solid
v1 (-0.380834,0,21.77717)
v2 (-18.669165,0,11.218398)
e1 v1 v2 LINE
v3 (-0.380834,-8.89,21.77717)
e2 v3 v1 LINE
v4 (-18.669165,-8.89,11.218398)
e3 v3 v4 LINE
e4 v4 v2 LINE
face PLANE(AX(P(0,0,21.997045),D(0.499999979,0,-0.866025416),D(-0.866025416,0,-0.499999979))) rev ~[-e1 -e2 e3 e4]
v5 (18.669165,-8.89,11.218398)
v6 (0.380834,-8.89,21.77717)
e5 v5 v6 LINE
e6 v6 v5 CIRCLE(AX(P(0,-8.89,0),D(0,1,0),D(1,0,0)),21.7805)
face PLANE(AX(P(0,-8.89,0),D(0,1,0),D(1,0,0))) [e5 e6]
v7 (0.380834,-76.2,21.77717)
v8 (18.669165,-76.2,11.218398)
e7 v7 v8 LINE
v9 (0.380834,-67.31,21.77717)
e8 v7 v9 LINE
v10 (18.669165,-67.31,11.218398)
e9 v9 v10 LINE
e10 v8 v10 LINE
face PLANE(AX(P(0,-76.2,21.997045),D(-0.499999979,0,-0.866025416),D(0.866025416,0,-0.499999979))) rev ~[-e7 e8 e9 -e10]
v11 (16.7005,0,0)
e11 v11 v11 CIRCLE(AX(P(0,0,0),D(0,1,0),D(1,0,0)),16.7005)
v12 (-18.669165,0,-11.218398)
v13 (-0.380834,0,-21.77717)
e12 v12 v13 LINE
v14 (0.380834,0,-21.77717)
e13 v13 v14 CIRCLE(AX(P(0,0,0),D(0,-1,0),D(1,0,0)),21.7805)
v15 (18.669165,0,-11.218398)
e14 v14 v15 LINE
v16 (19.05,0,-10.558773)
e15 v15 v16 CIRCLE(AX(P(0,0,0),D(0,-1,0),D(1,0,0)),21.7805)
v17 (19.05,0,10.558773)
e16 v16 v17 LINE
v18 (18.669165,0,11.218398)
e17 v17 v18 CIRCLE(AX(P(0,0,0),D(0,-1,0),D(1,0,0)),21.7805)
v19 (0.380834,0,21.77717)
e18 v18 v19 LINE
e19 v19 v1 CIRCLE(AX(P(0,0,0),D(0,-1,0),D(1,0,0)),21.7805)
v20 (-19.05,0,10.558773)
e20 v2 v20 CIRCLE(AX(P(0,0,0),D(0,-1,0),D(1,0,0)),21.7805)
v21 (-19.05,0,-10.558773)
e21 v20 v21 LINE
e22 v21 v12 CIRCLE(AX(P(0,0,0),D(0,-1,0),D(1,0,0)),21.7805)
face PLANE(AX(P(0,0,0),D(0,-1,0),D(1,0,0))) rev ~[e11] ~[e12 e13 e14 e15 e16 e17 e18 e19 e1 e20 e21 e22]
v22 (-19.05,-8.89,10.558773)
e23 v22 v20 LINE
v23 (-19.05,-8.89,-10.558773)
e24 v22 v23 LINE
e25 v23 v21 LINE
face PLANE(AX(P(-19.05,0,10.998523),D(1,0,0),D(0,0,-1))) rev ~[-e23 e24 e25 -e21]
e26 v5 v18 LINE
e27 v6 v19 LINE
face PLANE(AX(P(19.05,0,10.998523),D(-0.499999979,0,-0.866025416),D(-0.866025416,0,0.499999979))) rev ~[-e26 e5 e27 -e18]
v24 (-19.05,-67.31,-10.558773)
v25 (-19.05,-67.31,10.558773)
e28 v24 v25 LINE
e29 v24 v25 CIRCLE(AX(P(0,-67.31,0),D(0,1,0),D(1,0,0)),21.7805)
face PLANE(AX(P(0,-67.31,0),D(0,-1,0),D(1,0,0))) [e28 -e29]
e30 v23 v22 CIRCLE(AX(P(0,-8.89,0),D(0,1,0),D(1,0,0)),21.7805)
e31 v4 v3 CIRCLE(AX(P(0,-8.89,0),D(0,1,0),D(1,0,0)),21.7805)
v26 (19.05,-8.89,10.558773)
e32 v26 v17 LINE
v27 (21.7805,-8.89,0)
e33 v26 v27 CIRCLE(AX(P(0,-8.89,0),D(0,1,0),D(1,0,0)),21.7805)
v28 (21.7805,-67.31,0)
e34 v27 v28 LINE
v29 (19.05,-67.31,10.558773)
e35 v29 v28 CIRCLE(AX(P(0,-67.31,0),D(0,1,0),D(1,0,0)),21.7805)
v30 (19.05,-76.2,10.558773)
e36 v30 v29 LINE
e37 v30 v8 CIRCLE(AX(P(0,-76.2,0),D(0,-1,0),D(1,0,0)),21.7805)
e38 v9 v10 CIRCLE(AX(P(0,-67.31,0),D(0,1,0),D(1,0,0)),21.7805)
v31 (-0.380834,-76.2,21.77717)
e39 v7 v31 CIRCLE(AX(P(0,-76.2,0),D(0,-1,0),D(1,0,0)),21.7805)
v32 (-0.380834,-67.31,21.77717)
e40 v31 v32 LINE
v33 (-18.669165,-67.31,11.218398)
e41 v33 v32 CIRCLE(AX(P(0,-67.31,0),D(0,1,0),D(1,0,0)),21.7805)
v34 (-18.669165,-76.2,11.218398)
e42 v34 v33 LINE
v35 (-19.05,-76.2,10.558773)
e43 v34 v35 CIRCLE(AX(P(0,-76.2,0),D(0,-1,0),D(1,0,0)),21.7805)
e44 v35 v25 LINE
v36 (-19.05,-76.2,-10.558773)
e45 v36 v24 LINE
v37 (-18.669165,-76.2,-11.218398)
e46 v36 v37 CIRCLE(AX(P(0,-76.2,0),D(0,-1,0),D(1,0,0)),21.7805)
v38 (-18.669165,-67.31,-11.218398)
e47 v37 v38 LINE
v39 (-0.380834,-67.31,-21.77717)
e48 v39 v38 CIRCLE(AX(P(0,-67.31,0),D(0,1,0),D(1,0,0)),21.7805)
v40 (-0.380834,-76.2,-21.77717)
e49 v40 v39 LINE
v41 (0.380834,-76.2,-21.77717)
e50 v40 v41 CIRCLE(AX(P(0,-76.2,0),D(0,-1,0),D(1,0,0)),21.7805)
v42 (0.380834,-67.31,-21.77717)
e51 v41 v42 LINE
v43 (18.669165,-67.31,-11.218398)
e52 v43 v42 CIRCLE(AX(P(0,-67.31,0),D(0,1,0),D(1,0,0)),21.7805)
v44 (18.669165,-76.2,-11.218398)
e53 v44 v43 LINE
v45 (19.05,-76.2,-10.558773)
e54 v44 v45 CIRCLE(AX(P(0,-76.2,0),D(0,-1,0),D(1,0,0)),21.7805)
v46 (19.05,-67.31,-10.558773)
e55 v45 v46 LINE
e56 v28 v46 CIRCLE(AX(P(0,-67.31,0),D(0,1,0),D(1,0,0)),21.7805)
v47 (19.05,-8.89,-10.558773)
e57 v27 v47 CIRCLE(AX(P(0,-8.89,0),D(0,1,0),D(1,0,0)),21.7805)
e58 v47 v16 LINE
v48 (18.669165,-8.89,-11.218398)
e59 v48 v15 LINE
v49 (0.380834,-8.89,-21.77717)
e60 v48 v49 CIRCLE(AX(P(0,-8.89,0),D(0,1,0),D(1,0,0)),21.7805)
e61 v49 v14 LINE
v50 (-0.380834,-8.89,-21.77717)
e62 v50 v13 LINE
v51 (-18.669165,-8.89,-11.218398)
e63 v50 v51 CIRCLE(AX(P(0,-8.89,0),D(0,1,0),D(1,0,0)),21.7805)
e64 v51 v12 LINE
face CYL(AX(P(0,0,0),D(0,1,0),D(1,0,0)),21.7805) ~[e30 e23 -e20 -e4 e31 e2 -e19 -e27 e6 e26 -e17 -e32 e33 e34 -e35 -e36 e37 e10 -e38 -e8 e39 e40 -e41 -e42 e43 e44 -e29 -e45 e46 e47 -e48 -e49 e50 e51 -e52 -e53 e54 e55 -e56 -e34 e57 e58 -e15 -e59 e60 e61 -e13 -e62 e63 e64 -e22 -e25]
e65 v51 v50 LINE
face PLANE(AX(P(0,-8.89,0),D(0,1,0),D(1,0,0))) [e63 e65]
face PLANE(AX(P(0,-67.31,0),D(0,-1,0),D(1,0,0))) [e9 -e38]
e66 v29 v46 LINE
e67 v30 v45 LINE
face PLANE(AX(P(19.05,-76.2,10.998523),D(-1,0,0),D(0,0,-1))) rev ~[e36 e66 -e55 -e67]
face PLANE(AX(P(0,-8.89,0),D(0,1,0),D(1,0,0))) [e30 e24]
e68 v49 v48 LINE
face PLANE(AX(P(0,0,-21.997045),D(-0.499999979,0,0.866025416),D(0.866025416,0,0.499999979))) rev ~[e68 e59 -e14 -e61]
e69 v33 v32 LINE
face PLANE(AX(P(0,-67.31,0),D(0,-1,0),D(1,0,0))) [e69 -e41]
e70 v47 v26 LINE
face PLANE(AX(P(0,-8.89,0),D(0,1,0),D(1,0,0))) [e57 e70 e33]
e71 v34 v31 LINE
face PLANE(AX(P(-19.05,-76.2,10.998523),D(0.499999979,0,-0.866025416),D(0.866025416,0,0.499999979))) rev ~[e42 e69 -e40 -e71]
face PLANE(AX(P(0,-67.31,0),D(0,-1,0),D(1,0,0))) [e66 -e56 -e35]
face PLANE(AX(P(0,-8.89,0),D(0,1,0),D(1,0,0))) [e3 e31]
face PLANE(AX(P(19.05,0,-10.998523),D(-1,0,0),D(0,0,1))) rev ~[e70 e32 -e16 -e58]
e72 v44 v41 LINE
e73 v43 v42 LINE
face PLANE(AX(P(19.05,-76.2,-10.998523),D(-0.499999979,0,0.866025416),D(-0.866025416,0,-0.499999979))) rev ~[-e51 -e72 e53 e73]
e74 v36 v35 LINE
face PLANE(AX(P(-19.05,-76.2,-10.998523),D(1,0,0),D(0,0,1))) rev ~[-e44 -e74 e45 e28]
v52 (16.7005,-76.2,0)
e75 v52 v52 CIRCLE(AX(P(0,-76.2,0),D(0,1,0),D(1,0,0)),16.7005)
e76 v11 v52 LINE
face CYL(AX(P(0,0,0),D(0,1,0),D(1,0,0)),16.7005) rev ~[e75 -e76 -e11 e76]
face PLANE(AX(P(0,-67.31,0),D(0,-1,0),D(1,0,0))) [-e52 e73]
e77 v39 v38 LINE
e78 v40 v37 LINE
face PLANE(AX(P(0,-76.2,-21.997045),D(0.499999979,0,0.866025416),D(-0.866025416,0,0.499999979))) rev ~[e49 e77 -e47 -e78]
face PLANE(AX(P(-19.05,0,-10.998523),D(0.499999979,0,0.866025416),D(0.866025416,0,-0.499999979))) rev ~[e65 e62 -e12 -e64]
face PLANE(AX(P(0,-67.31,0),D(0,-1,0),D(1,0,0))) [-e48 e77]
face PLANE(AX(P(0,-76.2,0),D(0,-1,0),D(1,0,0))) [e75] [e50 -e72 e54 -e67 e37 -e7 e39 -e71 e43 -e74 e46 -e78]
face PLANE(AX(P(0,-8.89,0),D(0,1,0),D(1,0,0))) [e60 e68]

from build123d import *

# Parameters (mm, degrees)
CYLINDER_R          = 21.7805
CYLINDER_DEPTH      = 76.2
CYLINDER_ROLL_ANGLE = 90
SKETCH_R            = 16.7005
POCKET_DEPTH        = 76.2
SKETCH001_R         = 22.225
POCKET001_DEPTH     = 8.89
SKETCH002_R         = 22.225
POCKET002_DEPTH     = 8.89


with BuildPart() as part:
    # Cylinder → Cylinder (new body)
    with BuildSketch(Plane.XY):
        Circle(CYLINDER_R)
    extrude(amount=CYLINDER_DEPTH)


with BuildPart() as part_1:
    # Cylinder roll: moved
    add(part.part.rotate(Axis((0, 0, 0), (1, 0, 0)), CYLINDER_ROLL_ANGLE))


with BuildPart() as part_2:
    # Cylinder placement: moved
    add(part_1.part)

    # Sketch → Pocket (cut)
    with BuildSketch(Plane(origin=(0, 0, 0), x_dir=(1, 0, 0), z_dir=(0, 1, 0))):
        Circle(SKETCH_R)
    extrude(amount=-POCKET_DEPTH, mode=Mode.SUBTRACT)

    # Sketch001 → Pocket001 (cut)
    with BuildSketch(Plane(origin=(0, 0, 0), x_dir=(1, 0, 0), z_dir=(0, 1, 0))):
        Circle(SKETCH001_R)
        Polygon((-19.05, -10.998523), (-19.05, 10.998523), (0, 21.997045), (19.05, 10.998523), (19.05, -10.998523), (0, -21.997045), align=None, mode=Mode.SUBTRACT)
    extrude(amount=-POCKET001_DEPTH, mode=Mode.SUBTRACT)

    # Sketch002 → Pocket002 (cut)
    with BuildSketch(Plane.XZ.offset(76.2)):
        Circle(SKETCH002_R)
        Polygon((-19.05, -10.998523), (-19.05, 10.998523), (0, 21.997045), (19.05, 10.998523), (19.05, -10.998523), (0, -21.997045), align=None, mode=Mode.SUBTRACT)
    extrude(amount=-POCKET002_DEPTH, mode=Mode.SUBTRACT)


solid = part_2.part
